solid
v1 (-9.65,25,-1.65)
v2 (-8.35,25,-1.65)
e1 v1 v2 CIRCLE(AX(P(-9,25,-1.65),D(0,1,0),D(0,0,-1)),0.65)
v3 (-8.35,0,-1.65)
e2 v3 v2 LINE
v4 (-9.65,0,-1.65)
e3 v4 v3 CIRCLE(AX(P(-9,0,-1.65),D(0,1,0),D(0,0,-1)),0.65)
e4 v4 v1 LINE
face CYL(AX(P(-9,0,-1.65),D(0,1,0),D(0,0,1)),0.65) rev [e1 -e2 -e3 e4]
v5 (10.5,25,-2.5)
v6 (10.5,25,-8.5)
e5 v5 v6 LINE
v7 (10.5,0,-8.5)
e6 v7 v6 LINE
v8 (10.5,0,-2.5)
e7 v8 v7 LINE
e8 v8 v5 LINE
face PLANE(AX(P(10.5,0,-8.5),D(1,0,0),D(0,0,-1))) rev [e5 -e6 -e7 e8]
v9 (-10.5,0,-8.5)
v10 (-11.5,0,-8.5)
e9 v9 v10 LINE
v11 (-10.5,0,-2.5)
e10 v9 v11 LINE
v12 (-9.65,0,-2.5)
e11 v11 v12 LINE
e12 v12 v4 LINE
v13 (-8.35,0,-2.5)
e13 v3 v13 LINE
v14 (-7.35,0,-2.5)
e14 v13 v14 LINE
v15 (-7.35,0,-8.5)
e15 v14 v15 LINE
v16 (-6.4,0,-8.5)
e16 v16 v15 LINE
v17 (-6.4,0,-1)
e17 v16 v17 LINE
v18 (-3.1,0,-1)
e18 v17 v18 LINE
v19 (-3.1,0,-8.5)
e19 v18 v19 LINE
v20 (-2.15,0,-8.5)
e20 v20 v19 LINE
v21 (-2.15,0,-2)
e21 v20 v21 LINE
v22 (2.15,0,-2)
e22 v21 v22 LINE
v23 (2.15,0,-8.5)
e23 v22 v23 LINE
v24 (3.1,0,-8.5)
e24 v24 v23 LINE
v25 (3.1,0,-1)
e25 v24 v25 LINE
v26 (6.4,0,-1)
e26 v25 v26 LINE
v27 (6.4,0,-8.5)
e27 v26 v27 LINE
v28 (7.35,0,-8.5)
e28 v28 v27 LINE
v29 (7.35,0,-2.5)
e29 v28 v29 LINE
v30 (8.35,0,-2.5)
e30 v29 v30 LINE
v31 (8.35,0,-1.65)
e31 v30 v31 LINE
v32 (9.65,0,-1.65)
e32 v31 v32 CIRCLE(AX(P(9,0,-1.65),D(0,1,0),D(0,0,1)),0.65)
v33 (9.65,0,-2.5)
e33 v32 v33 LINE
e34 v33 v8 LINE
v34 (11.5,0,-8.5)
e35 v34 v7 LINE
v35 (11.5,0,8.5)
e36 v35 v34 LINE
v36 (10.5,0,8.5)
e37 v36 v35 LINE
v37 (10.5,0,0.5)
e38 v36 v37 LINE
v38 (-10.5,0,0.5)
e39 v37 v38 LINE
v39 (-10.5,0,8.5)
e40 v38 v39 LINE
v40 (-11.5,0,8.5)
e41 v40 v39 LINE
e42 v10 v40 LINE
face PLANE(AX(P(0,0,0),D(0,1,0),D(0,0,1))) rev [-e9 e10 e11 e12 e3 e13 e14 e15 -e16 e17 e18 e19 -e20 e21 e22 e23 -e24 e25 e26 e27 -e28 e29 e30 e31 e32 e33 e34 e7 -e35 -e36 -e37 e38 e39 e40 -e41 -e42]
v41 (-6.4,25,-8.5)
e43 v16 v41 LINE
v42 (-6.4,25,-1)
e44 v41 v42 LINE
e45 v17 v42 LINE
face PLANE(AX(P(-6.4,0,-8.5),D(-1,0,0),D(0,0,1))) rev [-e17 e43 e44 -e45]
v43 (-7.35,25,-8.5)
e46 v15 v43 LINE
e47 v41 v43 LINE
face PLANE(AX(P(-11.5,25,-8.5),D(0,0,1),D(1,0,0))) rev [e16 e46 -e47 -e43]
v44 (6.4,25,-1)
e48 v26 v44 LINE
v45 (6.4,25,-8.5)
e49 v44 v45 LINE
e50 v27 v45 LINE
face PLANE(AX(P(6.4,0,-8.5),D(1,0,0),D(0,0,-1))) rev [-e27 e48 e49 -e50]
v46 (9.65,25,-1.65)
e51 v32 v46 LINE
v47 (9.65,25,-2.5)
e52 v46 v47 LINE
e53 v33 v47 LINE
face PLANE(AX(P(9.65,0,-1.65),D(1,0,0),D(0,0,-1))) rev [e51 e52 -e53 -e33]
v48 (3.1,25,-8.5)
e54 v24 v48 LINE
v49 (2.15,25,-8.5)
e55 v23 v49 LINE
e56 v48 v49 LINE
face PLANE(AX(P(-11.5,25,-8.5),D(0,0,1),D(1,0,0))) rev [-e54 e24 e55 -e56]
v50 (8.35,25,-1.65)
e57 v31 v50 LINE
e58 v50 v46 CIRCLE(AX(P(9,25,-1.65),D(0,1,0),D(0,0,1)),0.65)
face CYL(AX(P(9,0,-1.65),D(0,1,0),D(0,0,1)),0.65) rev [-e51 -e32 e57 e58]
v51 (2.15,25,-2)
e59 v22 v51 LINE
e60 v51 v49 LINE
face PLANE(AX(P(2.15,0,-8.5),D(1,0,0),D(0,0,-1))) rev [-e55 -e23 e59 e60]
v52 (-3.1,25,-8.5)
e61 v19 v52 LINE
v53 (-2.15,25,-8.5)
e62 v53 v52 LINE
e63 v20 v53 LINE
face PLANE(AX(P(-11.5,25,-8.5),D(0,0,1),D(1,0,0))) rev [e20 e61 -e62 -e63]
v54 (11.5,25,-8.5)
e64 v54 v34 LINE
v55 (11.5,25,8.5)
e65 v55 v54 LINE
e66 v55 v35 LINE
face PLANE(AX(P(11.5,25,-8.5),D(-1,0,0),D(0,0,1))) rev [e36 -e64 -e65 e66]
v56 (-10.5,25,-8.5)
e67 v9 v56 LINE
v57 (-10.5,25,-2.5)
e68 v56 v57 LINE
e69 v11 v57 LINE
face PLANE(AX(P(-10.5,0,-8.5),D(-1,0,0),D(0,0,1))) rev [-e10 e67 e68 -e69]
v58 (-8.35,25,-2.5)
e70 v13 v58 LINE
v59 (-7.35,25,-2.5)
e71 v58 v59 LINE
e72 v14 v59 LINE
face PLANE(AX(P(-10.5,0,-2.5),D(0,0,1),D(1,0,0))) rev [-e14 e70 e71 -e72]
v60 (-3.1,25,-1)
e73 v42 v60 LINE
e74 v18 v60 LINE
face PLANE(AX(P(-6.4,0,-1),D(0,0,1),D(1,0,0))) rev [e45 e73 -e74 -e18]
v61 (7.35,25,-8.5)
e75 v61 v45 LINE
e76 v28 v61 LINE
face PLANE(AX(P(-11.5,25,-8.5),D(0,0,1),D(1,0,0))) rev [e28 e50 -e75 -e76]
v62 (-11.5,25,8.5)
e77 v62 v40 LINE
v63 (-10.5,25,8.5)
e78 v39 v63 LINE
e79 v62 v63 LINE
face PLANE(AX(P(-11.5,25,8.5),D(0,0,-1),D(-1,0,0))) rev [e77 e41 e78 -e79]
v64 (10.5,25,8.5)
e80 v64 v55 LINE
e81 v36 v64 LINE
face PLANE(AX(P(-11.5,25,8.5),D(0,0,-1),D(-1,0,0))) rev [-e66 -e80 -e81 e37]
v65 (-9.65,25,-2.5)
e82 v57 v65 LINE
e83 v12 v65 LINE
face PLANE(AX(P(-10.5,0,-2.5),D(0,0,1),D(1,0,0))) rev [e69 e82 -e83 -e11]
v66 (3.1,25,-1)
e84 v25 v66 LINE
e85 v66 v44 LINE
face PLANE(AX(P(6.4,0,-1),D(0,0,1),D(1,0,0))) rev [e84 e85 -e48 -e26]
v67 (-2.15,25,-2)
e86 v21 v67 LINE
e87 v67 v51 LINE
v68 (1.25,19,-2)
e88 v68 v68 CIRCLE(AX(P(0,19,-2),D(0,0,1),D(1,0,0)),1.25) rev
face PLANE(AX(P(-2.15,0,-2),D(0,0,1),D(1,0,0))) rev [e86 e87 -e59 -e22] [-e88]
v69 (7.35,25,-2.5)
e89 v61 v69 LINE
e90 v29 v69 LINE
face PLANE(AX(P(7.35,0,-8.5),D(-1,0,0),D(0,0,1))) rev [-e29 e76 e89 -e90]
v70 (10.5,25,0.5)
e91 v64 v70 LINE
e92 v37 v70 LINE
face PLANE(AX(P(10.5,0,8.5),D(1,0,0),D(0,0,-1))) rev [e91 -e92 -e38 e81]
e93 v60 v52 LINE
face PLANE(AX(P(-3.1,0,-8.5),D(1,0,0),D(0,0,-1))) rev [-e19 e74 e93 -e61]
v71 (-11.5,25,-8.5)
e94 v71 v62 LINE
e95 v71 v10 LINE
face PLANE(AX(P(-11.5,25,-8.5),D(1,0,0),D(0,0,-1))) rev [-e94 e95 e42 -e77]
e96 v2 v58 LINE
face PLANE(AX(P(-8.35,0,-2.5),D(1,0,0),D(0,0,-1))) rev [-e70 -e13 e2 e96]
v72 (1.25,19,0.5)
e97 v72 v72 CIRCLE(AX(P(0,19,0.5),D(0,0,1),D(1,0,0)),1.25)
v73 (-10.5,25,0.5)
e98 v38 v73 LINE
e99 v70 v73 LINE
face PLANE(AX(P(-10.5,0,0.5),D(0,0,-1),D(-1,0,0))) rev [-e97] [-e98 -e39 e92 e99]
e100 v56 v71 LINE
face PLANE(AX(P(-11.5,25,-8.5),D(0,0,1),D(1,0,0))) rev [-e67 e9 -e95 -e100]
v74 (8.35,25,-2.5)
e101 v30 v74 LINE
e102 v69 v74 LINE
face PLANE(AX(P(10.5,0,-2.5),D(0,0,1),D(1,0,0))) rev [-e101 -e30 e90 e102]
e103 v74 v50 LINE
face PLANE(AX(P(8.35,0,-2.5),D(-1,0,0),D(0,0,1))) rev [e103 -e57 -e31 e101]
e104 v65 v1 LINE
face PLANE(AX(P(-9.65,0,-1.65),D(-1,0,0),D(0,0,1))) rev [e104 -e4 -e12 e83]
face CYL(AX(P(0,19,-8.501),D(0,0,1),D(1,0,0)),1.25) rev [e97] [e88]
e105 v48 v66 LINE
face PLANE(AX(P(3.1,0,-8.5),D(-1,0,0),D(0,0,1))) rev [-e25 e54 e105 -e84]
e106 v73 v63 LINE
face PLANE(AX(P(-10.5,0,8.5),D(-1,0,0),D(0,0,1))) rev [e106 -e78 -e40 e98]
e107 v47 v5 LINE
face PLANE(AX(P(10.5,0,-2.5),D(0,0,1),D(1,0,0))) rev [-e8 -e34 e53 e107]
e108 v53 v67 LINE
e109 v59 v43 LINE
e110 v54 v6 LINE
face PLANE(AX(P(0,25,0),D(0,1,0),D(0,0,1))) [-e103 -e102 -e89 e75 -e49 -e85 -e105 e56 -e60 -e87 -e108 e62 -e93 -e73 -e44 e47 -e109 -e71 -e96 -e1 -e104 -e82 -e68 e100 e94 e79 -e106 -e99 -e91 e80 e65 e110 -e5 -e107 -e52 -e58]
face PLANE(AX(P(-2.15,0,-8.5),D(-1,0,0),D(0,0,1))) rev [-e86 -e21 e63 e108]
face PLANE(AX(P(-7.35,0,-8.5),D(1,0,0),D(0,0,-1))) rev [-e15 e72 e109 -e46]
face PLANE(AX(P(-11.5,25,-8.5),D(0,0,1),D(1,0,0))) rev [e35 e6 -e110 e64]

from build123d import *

# Parameters (mm, degrees)
SKETCH1_W           = 23
SKETCH1_H           = 17
BOSS_EXTRUDE1_DEPTH = 25
SKETCH2_W           = 21
SKETCH2_H           = 8
SKETCH2_W_2         = 3.15
SKETCH2_H_2         = 6
SKETCH2_W_3         = 3.3
SKETCH2_H_3         = 7.5
SKETCH2_W_4         = 4.3
SKETCH2_H_4         = 6.5
CUT_EXTRUDE1_DEPTH  = 29.801041648
CUT_EXTRUDE2_DEPTH  = 29.801041648
CUT_EXTRUDE3_REACH  = 30.953
SKETCH4_R           = 1.25


with BuildPart() as part:
    # Sketch1 → Boss-Extrude1 (new body)
    with BuildSketch(Plane(origin=(0, 0, 0), x_dir=(1, 0, 0), z_dir=(0, 1, 0))):
        Rectangle(SKETCH1_W, SKETCH1_H)
    extrude(amount=BOSS_EXTRUDE1_DEPTH)

    # Sketch2 → Cut-Extrude1 (cut, through all)
    with BuildSketch(Plane(origin=(0, 25, 0), x_dir=(1, 0, 0), z_dir=(0, 1, 0))):
        with Locations((0, -4.5)):
            Rectangle(SKETCH2_W, SKETCH2_H)
        with Locations((-8.925, 5.5)):
            Rectangle(SKETCH2_W_2, SKETCH2_H_2)
        with Locations((-4.75, 4.75)):
            Rectangle(SKETCH2_W_3, SKETCH2_H_3)
        with Locations((0, 5.25)):
            Rectangle(SKETCH2_W_4, SKETCH2_H_4)
        with Locations((4.75, 4.75)):
            Rectangle(SKETCH2_W_3, SKETCH2_H_3)
        with Locations((8.925, 5.5)):
            Rectangle(SKETCH2_W_2, SKETCH2_H_2)
    extrude(amount=-CUT_EXTRUDE1_DEPTH, mode=Mode.SUBTRACT)

    # Sketch3 → Cut-Extrude2 (cut, through all)
    with BuildSketch(Plane(origin=(0, 25, 0), x_dir=(1, 0, 0), z_dir=(0, 1, 0))):
        with BuildLine():
            Line((8.35, 2.5), (8.35, 1.65))
            ThreePointArc((8.35, 1.65), (9, 1), (9.65, 1.65))
            Line((9.65, 1.65), (9.65, 2.5))
            Line((9.65, 2.5), (8.35, 2.5))
        make_face()
        with BuildLine():
            Line((-8.35, 2.5), (-8.35, 1.65))
            ThreePointArc((-8.35, 1.65), (-9, 1), (-9.65, 1.65))
            Line((-9.65, 1.65), (-9.65, 2.5))
            Line((-9.65, 2.5), (-8.35, 2.5))
        make_face()
    extrude(amount=-CUT_EXTRUDE2_DEPTH, mode=Mode.SUBTRACT)

    # Sketch4 → Cut-Extrude3 (cut, up to next)
    with BuildSketch(Plane.XY.offset(0.5), mode=Mode.PRIVATE) as cut_extrude3_sk1:
        with Locations((0, 19)):
            Circle(SKETCH4_R)
    cut_extrude3_tool1 = extrude(cut_extrude3_sk1.sketch, amount=-CUT_EXTRUDE3_REACH, mode=Mode.PRIVATE) & part.part
    add(cut_extrude3_tool1.solids().sort_by_distance((0, 19, 0.5))[0], mode=Mode.SUBTRACT)


solid = part.part
